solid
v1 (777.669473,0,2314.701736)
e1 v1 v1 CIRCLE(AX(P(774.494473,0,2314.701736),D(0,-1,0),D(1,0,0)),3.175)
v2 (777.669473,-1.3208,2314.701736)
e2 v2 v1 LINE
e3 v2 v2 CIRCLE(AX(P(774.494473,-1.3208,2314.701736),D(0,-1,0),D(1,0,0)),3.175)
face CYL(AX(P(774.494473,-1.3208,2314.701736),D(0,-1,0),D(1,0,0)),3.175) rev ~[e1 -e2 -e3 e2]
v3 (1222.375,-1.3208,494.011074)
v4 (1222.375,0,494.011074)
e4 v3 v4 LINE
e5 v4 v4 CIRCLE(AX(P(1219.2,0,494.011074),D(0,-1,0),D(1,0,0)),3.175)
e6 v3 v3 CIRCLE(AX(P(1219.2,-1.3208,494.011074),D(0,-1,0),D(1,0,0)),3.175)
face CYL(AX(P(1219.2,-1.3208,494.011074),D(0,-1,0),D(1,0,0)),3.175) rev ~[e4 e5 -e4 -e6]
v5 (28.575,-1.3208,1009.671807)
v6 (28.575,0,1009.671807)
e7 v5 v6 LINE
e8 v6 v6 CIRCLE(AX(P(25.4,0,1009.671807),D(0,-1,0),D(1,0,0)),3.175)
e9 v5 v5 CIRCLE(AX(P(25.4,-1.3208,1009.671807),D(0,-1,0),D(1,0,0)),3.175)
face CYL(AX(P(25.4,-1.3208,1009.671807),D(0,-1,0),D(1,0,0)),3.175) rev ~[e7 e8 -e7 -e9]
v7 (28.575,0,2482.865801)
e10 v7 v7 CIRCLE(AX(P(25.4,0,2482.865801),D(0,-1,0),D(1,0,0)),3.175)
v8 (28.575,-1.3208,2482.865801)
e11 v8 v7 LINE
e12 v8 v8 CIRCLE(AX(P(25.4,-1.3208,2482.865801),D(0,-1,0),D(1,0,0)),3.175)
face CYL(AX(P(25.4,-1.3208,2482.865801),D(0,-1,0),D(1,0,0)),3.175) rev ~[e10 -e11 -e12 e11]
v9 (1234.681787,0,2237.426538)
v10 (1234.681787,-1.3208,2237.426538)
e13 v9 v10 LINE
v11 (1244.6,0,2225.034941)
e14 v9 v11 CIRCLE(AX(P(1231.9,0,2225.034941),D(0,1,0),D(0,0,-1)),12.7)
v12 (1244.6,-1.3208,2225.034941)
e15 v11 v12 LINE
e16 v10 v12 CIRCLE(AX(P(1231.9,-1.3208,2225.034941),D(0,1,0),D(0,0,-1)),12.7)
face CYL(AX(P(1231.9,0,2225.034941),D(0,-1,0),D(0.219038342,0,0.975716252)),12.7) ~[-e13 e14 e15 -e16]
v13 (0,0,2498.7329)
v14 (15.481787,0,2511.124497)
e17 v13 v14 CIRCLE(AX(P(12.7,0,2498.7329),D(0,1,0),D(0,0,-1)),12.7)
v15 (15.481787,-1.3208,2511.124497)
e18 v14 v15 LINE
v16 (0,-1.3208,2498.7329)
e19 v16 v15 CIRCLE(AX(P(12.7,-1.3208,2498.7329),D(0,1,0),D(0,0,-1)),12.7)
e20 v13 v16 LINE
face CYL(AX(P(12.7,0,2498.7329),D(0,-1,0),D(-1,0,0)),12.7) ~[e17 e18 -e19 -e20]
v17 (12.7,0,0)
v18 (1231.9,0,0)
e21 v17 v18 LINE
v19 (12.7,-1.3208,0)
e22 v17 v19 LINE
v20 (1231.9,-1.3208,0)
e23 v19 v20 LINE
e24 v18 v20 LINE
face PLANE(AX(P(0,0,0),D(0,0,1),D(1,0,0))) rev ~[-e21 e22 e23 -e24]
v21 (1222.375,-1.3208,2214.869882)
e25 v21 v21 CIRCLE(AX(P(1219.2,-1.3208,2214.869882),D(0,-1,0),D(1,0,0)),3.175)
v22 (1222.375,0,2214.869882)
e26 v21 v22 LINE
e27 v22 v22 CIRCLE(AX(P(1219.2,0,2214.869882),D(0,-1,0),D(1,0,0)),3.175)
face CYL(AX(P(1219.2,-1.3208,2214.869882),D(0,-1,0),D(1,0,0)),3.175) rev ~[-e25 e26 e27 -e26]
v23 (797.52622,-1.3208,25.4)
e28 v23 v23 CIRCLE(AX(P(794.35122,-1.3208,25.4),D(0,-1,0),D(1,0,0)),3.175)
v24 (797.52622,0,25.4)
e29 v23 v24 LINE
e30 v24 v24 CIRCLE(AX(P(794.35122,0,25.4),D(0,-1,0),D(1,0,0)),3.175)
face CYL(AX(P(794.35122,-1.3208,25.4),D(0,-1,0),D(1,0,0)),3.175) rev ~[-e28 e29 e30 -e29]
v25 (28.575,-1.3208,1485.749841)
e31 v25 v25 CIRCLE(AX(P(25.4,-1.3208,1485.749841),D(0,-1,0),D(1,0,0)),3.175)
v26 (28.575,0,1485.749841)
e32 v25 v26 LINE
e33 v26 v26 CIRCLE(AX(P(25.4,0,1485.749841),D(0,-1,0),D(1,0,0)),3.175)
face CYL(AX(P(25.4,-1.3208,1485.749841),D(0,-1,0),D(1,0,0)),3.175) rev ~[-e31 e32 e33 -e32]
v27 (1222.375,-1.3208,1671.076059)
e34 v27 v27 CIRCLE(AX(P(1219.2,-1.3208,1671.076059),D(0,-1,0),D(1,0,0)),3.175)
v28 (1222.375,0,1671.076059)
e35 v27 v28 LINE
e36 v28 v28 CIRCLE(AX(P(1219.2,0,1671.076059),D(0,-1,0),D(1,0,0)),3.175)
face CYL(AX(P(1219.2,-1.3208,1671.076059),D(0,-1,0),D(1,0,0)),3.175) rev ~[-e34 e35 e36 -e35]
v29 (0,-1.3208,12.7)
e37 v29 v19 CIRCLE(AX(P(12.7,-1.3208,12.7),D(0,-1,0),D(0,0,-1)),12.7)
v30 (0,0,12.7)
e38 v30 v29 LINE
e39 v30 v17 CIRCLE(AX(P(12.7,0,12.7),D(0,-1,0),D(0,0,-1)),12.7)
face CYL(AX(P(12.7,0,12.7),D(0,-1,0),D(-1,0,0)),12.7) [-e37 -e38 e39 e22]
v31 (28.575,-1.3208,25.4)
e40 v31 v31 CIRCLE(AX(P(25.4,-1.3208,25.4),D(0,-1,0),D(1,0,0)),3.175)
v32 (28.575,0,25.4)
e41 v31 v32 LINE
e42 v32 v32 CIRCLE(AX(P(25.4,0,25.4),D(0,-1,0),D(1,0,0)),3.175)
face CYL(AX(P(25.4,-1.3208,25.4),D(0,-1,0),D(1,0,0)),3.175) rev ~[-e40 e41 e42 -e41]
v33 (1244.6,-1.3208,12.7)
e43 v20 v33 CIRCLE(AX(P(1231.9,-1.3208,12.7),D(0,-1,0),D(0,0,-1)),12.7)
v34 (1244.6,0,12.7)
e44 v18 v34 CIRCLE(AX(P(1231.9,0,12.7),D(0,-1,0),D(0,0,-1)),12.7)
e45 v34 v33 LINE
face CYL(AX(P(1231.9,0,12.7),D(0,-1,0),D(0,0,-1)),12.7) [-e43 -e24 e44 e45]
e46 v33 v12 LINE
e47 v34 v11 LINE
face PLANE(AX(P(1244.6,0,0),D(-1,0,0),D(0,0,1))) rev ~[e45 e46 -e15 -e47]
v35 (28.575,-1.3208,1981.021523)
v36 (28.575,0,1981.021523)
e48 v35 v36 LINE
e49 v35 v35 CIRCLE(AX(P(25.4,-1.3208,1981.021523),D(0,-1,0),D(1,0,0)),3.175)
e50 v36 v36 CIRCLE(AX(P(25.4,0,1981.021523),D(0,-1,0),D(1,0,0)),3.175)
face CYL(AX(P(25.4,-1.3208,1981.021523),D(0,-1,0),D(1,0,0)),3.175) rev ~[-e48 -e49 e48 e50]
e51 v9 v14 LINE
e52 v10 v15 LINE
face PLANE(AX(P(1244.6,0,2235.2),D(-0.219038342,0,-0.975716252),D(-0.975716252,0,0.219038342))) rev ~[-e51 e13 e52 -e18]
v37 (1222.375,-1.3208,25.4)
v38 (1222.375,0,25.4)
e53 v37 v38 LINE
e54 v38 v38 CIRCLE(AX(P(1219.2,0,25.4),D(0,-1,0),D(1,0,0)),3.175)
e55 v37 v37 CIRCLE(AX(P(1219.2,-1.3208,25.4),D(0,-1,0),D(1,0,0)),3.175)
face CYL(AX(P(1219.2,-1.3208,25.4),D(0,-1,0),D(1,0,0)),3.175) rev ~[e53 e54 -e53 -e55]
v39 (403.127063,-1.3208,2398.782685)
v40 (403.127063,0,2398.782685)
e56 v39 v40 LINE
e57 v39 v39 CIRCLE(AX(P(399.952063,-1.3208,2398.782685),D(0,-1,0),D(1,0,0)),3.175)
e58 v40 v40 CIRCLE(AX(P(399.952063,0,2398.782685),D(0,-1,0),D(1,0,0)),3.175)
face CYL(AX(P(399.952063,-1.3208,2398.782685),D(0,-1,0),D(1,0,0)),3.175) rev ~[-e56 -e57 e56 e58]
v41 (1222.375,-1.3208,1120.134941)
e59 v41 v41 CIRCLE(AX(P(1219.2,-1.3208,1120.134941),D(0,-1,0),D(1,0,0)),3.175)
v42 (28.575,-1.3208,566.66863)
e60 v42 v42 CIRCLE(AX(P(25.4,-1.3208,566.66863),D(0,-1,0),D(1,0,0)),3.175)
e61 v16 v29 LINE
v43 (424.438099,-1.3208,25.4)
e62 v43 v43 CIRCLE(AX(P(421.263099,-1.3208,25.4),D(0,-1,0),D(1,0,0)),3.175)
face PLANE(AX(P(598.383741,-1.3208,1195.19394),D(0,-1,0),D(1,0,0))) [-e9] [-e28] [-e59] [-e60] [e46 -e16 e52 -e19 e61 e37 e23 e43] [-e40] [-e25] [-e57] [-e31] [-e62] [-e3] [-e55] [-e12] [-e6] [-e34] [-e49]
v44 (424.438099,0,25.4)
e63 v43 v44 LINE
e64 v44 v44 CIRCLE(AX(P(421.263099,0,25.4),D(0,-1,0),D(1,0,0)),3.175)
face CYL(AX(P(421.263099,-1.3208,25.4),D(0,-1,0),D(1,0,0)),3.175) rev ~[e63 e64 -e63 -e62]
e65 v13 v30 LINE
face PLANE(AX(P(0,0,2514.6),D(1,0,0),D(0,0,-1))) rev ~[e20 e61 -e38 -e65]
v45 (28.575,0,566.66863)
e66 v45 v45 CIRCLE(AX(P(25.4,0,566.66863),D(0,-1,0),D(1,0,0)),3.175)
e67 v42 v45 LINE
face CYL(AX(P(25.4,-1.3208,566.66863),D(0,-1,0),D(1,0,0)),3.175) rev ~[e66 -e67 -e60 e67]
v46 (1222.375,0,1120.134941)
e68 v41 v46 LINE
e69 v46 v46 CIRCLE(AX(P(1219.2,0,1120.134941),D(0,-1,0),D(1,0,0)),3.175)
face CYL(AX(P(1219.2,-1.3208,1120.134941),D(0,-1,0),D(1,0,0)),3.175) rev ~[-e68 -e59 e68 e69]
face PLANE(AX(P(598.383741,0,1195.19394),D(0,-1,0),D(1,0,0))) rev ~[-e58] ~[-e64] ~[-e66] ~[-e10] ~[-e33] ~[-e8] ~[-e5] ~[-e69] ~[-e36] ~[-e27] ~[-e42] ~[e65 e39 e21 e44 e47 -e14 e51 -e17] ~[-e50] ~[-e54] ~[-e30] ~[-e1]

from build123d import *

# Parameters (mm, degrees)
F1_DEPTH = 1.3208
F2_R     = 3.175
F3_DEPTH = 25.4
F4_R     = 12.7


with BuildPart() as f1:
    # F0 (on Front) → F1 (new body)
    with BuildSketch(Plane.XZ):
        Polygon((0, 2514.6), (0, 0), (1244.6, 0), (1244.6, 2235.2), align=None)
    extrude(amount=F1_DEPTH)

    # F2 (on face) → F3 (cut)
    with BuildSketch(Plane.XZ.offset(1.3208)):
        with Locations((25.4, 2482.865801)):
            Circle(F2_R)
        with Locations((1219.2, 2214.869882)):
            Circle(F2_R)
        with Locations((399.952063, 2398.782685)):
            Circle(F2_R)
        with Locations((774.494473, 2314.701736)):
            Circle(F2_R)
        with Locations((1219.2, 25.4)):
            Circle(F2_R)
        with Locations((25.4, 25.4)):
            Circle(F2_R)
        with Locations((421.263099, 25.4)):
            Circle(F2_R)
        with Locations((794.35122, 25.4)):
            Circle(F2_R)
        with Locations((1219.2, 1120.134941)):
            Circle(F2_R)
        with Locations((1219.2, 1671.076059)):
            Circle(F2_R)
        with Locations((1219.2, 494.011074)):
            Circle(F2_R)
        with Locations((25.4, 1485.749841)):
            Circle(F2_R)
        with Locations((25.4, 1009.671807)):
            Circle(F2_R)
        with Locations((25.4, 566.66863)):
            Circle(F2_R)
        with Locations((25.4, 1981.021523)):
            Circle(F2_R)
    extrude(amount=-F3_DEPTH, mode=Mode.SUBTRACT)

    # F4
    f4_edges = [f1.edges().sort_by_distance(p)[0] for p in [
        (1244.6, -0.6604, 2235.2),
        (0, -0.6604, 2514.6),
        (1244.6, -0.6604, 0),
        (0, -0.6604, 0),
    ]]
    fillet(f4_edges, radius=F4_R)


solid = f1.part
